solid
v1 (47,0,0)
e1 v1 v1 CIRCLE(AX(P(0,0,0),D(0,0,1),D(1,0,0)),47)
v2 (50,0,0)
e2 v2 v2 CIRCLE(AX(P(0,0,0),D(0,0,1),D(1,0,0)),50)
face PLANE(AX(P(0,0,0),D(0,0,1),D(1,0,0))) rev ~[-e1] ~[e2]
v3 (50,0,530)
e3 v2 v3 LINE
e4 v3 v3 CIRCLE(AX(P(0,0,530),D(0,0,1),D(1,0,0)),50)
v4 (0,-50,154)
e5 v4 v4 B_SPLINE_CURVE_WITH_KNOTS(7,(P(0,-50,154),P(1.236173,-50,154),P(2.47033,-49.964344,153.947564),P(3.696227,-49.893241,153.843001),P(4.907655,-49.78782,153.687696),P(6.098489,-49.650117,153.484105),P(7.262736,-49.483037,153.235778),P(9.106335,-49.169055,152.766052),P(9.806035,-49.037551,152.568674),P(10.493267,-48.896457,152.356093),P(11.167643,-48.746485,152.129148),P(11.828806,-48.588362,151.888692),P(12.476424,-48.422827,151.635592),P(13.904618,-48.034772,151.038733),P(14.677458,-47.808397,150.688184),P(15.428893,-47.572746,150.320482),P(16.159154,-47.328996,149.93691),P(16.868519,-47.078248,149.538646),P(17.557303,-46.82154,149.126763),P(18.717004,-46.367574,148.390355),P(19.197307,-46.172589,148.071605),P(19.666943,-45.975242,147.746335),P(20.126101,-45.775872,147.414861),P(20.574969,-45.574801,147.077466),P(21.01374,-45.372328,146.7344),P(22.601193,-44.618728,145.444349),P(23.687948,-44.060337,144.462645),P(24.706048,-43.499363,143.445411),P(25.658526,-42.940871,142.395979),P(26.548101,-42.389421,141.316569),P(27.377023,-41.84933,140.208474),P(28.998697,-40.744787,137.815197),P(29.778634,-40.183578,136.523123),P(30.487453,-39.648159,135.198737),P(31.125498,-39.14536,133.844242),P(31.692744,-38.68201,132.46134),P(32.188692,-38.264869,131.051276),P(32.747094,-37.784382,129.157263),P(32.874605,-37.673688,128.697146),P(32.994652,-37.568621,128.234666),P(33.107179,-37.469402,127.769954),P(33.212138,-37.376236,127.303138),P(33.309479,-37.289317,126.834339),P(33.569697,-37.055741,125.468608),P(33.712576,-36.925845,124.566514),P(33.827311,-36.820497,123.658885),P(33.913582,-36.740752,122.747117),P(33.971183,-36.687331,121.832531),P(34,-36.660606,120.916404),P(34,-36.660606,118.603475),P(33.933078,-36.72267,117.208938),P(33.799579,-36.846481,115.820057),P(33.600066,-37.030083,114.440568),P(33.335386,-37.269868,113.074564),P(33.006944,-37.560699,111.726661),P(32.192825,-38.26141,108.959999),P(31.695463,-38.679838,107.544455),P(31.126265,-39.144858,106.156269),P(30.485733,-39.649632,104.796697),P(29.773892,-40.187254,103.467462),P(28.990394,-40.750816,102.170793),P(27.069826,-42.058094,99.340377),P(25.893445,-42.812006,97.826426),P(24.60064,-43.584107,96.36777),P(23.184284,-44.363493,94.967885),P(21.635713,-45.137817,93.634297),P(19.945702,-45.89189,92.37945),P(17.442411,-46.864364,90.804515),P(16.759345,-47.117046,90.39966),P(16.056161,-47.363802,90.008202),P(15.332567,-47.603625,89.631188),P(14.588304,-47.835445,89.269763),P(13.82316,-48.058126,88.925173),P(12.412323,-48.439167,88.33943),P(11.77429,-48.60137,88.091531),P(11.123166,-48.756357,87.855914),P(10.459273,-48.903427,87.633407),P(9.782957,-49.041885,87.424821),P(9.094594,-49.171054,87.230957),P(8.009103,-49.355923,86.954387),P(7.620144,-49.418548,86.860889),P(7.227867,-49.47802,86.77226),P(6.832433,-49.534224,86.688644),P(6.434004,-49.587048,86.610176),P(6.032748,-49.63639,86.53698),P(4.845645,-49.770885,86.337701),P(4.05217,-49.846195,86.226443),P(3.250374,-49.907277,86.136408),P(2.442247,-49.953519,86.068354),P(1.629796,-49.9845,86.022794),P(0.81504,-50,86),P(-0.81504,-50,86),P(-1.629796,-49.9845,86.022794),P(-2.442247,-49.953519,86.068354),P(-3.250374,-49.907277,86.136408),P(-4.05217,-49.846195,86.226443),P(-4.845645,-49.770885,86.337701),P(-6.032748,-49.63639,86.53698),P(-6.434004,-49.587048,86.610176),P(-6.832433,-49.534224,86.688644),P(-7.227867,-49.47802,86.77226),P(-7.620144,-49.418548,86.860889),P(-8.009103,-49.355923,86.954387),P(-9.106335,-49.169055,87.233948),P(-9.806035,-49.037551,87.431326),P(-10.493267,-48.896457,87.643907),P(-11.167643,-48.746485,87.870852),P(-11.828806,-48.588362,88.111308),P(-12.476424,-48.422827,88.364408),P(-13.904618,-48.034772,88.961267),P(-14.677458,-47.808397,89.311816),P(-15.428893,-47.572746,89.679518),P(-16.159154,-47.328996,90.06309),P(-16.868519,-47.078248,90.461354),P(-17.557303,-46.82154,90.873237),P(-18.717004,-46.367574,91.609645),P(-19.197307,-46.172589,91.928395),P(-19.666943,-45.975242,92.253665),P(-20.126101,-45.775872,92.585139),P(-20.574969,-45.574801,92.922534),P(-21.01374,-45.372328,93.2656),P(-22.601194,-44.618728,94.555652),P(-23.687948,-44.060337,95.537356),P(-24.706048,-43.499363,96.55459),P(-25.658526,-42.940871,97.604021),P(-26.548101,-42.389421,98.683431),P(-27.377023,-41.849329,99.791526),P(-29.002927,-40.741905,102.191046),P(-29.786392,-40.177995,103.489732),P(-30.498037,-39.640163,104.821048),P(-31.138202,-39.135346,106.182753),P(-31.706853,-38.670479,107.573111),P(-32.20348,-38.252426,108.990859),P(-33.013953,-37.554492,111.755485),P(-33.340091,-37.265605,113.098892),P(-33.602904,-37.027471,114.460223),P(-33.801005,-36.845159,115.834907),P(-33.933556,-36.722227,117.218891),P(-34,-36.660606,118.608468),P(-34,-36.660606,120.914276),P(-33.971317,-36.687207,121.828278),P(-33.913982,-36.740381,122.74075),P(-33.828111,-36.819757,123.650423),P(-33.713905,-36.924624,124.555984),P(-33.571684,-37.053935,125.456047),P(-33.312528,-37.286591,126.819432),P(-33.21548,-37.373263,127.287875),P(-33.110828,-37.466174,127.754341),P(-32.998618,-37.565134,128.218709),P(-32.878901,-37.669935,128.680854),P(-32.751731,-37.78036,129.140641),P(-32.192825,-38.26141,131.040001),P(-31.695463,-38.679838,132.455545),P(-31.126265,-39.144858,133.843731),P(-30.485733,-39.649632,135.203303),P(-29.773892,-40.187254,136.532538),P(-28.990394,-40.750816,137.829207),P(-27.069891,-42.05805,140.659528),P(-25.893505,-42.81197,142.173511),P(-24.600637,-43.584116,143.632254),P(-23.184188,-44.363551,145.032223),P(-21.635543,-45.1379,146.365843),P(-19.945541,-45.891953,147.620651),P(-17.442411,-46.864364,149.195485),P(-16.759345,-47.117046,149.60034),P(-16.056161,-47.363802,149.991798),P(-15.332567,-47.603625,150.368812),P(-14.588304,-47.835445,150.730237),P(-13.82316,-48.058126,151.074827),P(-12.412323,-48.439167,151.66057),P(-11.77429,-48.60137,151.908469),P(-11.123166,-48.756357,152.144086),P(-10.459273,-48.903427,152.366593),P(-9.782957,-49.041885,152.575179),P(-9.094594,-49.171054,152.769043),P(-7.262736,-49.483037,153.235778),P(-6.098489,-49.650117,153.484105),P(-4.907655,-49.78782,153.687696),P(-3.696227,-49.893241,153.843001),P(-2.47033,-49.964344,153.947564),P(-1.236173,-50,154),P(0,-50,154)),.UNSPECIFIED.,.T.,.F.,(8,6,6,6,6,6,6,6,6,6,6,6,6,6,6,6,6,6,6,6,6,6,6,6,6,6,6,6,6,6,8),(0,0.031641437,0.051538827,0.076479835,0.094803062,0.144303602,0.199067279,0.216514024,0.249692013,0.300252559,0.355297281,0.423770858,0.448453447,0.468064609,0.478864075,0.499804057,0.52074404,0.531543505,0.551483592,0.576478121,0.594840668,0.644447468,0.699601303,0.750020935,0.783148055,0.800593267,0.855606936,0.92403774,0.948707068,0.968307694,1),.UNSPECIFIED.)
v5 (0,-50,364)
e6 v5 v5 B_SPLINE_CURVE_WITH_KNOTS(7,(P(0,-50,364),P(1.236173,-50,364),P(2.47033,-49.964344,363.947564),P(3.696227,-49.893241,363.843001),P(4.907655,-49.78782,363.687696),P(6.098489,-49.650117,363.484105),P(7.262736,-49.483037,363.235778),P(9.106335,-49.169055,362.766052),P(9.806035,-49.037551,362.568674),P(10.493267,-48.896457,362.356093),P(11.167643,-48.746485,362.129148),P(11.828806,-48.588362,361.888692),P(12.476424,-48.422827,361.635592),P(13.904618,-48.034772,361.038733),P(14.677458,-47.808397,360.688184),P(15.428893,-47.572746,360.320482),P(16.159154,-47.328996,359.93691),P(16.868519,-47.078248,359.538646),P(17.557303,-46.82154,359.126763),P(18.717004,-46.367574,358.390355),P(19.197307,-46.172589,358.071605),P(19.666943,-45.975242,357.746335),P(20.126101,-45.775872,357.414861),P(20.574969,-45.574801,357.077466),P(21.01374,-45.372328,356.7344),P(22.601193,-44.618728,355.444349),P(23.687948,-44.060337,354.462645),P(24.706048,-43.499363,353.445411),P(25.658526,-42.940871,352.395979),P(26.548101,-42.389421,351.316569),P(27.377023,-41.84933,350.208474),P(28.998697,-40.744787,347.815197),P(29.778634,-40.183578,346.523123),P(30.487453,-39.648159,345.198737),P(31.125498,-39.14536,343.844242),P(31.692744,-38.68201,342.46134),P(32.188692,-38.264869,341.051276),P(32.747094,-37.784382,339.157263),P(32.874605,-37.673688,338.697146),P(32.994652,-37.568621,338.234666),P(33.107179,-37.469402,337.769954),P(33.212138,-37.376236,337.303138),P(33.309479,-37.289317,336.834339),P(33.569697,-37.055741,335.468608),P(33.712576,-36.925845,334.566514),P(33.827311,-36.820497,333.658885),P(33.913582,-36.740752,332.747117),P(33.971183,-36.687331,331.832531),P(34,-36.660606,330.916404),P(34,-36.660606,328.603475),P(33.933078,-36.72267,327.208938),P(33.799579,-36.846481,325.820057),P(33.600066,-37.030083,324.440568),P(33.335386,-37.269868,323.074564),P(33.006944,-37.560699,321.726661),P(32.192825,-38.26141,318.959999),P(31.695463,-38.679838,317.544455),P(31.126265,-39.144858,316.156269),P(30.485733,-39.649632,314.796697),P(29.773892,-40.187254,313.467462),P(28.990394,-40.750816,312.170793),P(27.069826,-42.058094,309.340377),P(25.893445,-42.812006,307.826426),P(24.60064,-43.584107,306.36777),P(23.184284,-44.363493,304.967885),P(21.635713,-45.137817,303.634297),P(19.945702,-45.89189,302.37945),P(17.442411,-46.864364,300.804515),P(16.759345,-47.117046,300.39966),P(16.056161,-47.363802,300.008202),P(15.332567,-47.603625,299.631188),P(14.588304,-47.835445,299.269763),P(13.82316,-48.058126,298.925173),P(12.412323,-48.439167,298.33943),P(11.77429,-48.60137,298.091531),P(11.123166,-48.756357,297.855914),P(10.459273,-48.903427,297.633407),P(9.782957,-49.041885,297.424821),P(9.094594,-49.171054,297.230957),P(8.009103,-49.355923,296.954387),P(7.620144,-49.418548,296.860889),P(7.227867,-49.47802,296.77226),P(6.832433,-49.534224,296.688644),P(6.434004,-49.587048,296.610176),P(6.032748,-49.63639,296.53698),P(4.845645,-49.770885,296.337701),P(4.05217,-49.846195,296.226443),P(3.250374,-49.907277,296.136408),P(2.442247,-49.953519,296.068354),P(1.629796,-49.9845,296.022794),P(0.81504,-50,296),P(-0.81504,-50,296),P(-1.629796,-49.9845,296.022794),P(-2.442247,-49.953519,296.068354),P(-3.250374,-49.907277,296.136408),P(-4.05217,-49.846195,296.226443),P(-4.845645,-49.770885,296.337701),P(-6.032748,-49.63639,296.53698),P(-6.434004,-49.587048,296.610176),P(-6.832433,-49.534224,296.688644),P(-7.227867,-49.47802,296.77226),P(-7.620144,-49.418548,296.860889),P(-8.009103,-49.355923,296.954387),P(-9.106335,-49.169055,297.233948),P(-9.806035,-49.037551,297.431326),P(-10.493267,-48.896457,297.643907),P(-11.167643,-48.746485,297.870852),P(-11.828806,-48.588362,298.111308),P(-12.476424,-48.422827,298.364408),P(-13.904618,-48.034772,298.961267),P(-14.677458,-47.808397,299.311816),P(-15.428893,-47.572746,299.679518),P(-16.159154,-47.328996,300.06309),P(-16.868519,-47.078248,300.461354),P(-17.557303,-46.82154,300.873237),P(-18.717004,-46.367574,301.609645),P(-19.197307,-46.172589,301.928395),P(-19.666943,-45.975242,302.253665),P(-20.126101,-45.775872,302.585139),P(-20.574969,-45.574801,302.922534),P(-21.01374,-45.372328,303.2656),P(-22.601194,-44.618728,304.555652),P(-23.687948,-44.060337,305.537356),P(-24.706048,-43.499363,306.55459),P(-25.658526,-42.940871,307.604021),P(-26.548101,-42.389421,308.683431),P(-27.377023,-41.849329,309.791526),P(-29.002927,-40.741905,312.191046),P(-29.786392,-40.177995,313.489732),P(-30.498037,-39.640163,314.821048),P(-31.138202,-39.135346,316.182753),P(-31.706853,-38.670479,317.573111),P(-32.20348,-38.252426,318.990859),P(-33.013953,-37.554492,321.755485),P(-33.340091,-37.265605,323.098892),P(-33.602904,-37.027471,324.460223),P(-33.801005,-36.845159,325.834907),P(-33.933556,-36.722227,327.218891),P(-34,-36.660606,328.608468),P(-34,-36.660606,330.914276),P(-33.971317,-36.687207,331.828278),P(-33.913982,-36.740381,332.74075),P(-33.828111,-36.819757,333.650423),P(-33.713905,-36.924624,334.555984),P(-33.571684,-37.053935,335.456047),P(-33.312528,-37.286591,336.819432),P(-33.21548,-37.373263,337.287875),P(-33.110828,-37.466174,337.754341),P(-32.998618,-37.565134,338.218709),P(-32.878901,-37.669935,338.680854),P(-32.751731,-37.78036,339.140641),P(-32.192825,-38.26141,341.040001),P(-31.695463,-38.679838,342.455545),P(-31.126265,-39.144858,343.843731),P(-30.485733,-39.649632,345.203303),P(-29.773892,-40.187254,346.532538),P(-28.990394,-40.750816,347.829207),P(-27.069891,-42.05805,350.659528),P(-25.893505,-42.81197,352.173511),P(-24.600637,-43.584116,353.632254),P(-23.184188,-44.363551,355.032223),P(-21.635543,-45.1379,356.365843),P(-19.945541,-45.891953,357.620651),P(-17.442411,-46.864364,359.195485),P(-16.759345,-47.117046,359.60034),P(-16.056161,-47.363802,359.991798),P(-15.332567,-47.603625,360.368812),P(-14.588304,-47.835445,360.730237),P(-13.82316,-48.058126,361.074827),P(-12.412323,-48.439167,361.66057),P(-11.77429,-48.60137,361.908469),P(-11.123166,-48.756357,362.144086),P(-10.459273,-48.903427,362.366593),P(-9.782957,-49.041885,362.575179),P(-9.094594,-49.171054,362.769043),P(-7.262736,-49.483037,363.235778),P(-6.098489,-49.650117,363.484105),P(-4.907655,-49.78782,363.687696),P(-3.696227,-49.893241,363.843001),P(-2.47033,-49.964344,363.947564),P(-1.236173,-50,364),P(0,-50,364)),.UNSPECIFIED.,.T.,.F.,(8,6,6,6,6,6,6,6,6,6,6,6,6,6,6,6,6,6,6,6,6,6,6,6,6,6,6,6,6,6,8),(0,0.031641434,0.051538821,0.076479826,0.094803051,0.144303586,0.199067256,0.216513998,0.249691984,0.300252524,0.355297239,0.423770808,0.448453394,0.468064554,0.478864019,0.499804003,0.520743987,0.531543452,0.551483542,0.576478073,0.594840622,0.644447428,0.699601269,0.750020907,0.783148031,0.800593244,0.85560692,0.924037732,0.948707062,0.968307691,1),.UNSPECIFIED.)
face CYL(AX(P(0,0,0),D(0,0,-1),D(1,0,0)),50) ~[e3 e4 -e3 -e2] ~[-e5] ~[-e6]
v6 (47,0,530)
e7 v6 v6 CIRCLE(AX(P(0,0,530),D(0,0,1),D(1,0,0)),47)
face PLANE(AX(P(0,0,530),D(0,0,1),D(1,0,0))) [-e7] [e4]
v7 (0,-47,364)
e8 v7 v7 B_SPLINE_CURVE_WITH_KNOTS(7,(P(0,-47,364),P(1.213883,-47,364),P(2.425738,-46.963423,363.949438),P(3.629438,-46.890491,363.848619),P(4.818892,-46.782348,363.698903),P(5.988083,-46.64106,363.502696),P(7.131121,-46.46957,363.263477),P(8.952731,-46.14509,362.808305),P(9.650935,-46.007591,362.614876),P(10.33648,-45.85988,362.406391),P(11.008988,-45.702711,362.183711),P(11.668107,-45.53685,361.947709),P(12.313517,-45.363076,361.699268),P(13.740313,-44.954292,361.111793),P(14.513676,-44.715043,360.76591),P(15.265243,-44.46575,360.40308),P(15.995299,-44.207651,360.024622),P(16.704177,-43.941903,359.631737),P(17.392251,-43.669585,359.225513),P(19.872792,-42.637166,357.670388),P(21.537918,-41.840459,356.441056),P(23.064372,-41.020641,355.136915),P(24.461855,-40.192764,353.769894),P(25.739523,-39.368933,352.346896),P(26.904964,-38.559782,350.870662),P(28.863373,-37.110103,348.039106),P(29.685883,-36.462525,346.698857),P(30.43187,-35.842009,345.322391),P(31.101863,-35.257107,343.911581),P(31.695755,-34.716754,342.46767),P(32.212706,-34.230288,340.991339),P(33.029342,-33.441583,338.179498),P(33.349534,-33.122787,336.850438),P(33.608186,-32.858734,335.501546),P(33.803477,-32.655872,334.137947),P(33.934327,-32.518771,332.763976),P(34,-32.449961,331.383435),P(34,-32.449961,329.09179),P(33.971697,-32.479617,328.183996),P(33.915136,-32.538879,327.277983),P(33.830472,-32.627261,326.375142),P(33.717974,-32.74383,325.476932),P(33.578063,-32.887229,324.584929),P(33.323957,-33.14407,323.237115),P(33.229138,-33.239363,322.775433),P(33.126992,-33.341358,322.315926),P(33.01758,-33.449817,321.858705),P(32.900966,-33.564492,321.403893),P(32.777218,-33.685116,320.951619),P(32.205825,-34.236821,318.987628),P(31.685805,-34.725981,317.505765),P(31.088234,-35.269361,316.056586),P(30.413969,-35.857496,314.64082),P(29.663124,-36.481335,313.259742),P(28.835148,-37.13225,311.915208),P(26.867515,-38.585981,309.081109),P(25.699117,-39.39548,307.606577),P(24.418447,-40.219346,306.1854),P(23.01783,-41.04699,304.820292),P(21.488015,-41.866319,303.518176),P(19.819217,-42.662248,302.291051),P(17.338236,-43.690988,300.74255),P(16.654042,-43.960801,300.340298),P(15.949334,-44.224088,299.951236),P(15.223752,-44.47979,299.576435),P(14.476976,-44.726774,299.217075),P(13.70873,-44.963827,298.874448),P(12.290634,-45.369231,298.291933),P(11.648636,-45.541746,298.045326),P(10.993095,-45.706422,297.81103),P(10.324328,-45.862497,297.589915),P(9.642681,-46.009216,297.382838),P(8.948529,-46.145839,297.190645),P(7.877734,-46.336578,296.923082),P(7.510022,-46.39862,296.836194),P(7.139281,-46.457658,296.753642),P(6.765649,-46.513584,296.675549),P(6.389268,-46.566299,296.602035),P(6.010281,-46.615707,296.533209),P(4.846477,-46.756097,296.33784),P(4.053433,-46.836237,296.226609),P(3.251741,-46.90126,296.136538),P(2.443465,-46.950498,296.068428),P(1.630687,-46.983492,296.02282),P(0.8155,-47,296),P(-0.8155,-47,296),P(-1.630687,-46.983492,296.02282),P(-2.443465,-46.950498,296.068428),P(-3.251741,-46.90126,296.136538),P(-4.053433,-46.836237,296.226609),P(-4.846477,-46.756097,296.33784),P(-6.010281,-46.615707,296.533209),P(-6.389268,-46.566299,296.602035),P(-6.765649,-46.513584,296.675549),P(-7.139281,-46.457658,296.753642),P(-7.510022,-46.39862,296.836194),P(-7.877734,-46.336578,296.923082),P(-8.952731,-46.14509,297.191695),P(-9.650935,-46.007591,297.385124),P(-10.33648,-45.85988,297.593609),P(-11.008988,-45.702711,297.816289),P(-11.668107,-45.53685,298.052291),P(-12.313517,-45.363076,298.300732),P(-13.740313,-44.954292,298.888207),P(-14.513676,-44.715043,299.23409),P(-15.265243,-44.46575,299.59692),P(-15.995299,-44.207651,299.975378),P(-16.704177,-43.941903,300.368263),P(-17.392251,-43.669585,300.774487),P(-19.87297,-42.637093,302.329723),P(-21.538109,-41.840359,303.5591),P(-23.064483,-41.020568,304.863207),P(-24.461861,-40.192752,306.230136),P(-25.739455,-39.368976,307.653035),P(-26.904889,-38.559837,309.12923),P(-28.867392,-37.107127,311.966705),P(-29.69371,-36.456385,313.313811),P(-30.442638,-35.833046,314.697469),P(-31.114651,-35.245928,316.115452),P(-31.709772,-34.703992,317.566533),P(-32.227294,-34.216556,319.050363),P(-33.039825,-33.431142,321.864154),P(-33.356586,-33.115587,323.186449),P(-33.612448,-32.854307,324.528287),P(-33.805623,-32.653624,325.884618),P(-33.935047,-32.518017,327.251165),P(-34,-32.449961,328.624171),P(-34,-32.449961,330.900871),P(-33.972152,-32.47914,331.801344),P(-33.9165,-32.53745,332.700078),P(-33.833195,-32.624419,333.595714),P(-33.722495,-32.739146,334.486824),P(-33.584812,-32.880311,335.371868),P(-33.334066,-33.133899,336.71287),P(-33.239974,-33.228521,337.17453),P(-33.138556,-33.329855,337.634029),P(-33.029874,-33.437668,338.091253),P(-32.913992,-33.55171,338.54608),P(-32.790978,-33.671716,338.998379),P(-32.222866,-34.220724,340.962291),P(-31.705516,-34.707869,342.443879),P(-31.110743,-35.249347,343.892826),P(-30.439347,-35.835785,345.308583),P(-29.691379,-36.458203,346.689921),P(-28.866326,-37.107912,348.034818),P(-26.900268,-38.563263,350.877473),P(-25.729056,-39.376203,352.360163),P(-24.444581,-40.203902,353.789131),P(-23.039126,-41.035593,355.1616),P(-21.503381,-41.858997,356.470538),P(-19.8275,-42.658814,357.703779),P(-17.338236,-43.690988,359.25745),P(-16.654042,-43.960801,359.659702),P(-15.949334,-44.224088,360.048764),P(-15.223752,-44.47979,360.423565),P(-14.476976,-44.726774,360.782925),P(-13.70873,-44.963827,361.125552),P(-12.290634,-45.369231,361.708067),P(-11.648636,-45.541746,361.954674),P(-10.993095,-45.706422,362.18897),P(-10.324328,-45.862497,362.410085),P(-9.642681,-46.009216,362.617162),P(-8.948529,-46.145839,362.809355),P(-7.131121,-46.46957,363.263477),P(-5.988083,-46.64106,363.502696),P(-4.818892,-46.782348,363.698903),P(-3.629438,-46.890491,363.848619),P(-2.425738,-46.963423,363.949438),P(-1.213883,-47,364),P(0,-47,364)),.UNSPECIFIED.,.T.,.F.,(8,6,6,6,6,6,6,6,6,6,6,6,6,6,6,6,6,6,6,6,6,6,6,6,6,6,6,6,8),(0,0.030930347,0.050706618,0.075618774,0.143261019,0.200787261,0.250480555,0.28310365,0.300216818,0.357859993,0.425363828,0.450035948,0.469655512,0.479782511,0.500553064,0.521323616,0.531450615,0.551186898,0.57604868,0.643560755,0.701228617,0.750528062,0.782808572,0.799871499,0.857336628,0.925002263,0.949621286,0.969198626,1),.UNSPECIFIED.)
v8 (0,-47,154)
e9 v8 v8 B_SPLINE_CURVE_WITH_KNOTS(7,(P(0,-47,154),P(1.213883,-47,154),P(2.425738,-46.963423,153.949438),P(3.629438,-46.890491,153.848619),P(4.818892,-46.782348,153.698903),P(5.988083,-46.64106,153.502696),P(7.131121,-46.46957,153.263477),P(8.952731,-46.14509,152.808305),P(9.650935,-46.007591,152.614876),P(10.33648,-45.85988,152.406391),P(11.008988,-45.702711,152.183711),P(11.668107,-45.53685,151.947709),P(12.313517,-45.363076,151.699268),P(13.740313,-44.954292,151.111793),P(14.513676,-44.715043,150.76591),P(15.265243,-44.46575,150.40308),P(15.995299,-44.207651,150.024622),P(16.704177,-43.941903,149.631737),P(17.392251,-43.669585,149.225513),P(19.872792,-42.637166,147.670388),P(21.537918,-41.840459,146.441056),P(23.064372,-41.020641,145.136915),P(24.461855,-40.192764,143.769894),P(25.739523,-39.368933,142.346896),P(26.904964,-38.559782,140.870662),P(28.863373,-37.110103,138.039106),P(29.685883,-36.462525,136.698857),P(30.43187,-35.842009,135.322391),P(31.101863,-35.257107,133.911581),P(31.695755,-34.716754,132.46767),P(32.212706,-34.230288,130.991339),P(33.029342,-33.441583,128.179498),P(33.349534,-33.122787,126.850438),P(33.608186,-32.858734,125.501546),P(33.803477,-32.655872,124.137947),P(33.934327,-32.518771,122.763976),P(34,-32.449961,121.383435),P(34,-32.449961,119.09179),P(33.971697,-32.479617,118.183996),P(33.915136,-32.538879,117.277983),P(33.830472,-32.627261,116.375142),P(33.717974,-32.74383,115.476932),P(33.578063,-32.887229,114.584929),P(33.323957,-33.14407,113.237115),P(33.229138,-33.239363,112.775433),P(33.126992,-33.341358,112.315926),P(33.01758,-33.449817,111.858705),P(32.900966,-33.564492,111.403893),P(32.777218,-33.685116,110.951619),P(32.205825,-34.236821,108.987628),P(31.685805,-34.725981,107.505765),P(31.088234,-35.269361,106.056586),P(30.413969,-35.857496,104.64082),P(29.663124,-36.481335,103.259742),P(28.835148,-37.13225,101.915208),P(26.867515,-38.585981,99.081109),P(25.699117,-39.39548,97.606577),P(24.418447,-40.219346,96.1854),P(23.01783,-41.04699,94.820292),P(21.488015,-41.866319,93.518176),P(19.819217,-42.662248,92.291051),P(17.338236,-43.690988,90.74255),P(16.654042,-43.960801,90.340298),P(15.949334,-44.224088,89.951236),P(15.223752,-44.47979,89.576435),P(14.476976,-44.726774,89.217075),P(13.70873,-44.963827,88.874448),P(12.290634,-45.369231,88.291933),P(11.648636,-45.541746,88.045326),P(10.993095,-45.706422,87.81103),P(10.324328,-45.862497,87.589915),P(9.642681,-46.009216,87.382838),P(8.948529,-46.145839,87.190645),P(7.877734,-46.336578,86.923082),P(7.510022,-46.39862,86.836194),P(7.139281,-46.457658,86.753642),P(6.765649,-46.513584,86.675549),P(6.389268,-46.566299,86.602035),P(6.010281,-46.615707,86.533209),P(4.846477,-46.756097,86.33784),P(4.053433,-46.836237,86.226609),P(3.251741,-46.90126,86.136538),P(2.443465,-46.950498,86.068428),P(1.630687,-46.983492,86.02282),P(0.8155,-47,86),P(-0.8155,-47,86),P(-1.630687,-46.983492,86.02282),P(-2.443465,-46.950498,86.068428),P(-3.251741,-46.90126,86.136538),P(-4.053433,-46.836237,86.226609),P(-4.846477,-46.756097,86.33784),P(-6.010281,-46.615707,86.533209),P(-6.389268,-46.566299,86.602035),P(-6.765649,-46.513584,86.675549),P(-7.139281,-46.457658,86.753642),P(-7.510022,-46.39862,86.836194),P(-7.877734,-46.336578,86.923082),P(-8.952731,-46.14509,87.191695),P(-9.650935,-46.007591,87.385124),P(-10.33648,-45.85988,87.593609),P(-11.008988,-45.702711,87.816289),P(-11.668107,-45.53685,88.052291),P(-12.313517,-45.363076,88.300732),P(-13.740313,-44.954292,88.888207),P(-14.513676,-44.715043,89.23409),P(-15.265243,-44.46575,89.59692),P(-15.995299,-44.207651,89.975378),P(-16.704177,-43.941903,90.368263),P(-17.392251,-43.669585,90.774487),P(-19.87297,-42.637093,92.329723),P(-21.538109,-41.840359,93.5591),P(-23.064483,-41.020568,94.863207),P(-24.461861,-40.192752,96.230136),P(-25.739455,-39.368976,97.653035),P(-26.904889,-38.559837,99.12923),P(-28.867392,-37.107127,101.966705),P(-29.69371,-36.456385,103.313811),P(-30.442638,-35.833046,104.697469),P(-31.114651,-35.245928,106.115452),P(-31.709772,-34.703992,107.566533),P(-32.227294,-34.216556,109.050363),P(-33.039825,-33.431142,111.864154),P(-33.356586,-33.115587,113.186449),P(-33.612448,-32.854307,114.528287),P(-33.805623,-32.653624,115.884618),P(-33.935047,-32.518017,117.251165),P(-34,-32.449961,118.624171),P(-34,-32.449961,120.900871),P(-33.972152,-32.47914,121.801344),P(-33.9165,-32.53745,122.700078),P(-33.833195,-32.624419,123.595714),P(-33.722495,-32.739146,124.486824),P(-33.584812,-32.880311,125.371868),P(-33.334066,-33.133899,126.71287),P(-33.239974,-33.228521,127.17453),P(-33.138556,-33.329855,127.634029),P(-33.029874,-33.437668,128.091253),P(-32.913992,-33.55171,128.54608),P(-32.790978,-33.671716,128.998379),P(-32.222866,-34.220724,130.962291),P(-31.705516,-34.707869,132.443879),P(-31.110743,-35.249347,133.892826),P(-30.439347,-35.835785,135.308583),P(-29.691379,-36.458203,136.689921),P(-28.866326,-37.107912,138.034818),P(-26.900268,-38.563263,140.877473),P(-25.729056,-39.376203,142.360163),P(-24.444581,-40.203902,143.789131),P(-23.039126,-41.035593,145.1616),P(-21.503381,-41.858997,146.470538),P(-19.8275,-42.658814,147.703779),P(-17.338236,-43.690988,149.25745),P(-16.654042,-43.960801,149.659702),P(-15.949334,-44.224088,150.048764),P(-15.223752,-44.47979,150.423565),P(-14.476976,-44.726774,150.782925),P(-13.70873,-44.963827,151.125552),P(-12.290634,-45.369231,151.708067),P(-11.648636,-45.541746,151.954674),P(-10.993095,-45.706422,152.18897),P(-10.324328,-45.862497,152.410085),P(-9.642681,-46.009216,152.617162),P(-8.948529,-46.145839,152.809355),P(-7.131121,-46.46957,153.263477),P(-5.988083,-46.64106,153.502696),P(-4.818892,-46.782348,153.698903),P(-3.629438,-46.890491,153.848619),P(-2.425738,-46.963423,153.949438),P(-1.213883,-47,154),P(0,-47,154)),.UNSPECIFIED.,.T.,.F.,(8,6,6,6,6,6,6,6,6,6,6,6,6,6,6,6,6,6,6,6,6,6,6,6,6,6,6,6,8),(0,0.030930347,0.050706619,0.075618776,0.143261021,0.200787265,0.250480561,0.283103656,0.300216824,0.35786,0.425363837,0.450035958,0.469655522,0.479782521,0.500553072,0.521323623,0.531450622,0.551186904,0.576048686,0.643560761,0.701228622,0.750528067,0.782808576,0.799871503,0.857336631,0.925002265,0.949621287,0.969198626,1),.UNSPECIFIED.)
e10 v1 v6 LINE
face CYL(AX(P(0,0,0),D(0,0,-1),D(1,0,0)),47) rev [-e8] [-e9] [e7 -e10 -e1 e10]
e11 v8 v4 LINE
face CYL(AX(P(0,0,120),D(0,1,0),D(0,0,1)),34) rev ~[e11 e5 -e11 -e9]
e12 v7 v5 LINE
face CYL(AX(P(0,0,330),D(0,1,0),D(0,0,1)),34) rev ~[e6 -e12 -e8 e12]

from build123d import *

# Parameters (mm, degrees)
SKETCH1_R           = 50
SKETCH1_R_2         = 47
BOSS_EXTRUDE1_DEPTH = 530
SKETCH2_R           = 34
CUT_EXTRUDE1_DEPTH  = 500


with BuildPart() as part:
    # Sketch1 → Boss-Extrude1 (new body)
    with BuildSketch(Plane.XY):
        Circle(SKETCH1_R)
        Circle(SKETCH1_R_2, mode=Mode.SUBTRACT)
    extrude(amount=BOSS_EXTRUDE1_DEPTH)

    # Sketch2 → Cut-Extrude1 (cut)
    with BuildSketch(Plane(origin=(0, 0, 0), x_dir=(1, 0, 0), z_dir=(0, 1, 0))):
        with Locations(Location((0, -120, 0), (0, 0, 270))):
            Circle(SKETCH2_R)
        with Locations(Location((0, -330, 0), (0, 0, 270))):
            Circle(SKETCH2_R)
    extrude(amount=-CUT_EXTRUDE1_DEPTH, mode=Mode.SUBTRACT)


solid = part.part
